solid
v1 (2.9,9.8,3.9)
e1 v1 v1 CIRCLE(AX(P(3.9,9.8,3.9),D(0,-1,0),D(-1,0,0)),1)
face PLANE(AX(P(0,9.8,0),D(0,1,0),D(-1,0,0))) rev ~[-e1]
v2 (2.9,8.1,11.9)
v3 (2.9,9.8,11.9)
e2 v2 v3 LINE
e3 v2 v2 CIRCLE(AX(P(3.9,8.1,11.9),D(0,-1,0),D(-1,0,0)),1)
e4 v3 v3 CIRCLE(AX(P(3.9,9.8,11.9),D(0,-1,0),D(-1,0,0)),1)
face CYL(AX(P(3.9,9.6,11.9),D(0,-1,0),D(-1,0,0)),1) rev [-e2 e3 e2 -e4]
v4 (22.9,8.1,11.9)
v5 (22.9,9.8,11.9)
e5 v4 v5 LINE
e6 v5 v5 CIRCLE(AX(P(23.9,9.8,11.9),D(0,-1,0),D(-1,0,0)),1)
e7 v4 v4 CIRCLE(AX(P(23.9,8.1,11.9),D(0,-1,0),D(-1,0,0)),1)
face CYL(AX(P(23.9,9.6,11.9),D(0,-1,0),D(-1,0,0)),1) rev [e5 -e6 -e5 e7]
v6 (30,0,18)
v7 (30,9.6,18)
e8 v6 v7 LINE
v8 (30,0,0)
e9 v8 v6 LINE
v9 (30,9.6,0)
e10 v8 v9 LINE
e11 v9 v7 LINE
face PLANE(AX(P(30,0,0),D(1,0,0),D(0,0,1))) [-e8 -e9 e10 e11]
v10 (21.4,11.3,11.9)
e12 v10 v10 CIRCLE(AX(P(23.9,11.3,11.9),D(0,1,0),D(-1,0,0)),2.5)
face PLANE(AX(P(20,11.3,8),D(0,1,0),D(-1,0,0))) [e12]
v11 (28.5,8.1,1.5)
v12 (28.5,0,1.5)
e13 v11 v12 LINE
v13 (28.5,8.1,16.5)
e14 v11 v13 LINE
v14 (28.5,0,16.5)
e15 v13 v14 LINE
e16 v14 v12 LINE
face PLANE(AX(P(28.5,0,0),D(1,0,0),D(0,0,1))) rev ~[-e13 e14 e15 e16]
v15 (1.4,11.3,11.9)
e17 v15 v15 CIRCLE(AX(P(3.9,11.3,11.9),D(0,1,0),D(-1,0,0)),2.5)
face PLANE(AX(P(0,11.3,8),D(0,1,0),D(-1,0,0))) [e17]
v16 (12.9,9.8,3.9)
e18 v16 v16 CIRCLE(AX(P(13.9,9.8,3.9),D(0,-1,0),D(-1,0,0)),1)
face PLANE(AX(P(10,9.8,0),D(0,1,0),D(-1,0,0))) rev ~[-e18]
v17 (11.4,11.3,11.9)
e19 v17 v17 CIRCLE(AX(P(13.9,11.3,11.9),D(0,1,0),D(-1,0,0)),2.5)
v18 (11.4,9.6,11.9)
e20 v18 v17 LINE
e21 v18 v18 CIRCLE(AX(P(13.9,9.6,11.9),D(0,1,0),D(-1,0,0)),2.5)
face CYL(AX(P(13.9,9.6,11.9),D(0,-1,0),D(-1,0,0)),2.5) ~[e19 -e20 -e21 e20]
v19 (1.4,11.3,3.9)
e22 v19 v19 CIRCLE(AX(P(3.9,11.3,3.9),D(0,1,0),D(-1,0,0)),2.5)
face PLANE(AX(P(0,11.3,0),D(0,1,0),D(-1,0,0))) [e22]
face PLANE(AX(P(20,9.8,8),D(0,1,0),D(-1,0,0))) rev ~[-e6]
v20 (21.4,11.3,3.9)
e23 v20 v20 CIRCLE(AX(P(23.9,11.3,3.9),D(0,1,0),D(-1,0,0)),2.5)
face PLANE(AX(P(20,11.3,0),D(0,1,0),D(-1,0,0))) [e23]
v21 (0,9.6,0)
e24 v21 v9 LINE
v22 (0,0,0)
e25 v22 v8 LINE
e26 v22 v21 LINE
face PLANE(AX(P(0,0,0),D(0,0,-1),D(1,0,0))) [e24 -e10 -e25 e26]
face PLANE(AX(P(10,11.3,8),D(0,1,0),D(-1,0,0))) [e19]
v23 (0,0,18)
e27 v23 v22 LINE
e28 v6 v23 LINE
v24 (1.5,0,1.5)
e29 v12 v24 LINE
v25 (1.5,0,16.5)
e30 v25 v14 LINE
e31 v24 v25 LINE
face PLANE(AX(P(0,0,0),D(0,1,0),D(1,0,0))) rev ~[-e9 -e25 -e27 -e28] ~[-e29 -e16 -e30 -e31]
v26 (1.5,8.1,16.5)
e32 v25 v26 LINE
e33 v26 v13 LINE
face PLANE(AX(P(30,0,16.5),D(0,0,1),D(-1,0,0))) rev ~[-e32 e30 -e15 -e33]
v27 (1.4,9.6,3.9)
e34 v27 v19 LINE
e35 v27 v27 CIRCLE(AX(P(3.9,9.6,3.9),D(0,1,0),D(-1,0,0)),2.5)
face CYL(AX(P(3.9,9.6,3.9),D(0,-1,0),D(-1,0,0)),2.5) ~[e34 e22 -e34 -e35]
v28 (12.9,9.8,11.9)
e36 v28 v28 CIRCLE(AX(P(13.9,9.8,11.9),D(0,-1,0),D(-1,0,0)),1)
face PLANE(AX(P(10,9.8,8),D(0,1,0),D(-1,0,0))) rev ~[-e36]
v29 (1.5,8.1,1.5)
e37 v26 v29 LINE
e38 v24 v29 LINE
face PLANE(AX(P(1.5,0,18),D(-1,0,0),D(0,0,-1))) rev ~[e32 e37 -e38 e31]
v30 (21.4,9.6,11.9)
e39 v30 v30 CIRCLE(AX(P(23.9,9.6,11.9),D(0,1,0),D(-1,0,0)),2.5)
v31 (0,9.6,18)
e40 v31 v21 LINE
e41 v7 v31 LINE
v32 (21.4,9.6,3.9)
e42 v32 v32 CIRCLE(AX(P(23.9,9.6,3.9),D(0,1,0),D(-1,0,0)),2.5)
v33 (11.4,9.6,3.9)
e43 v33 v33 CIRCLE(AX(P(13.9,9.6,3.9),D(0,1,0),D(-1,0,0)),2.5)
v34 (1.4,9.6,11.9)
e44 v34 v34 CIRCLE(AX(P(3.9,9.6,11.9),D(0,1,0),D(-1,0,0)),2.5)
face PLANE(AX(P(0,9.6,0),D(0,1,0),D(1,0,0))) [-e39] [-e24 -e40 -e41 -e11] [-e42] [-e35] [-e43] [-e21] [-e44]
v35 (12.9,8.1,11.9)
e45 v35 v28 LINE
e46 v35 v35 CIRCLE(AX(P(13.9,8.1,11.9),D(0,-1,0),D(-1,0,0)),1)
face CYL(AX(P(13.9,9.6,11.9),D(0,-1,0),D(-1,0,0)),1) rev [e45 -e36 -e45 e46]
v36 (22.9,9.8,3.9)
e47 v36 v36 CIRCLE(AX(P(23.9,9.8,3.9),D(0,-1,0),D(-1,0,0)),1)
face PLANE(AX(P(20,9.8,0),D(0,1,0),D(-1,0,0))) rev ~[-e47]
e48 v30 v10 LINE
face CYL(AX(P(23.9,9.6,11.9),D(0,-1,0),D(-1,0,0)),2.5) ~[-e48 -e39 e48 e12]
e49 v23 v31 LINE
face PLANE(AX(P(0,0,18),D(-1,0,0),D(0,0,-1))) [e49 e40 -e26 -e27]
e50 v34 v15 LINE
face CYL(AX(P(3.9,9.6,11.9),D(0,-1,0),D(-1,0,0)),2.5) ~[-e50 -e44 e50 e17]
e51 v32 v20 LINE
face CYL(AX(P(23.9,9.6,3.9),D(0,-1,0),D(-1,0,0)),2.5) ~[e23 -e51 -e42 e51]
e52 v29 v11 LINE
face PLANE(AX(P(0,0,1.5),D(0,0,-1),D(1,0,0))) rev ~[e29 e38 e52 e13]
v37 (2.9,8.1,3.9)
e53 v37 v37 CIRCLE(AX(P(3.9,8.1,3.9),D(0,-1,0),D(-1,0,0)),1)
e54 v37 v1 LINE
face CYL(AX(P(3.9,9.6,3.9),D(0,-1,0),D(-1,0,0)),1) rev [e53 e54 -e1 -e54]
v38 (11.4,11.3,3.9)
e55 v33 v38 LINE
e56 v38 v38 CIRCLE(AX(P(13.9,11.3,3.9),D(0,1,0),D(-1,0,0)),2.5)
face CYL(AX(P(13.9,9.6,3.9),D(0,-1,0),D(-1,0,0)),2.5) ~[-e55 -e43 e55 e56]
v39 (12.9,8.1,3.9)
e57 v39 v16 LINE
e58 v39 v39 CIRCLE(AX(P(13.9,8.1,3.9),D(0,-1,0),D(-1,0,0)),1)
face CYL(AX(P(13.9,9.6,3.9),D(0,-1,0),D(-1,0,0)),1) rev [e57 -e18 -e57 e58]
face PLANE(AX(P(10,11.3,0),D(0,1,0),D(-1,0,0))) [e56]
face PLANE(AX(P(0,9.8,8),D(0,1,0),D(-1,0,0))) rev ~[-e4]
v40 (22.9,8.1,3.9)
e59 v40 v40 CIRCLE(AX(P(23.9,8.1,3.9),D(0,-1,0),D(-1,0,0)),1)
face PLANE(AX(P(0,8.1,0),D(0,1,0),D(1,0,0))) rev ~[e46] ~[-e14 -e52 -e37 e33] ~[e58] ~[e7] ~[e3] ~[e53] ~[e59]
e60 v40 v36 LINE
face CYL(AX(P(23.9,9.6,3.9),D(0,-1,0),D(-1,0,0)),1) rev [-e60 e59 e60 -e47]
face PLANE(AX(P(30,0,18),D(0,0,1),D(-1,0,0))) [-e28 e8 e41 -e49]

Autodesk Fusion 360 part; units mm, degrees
sketch "Sketch1" plane through (0, 0, 0) normal (0, 1, 0) x (1, 0, 0)
  line L0 (0, 0) -> (30, 0)
  line L1 (30, 0) -> (30, -18)
  line L2 (30, -18) -> (0, -18)
  line L3 (0, -18) -> (0, 0)
  dimension "d1" = 30
  dimension "d2" = 18
extrude "Extrude1" add sketch "Sketch1" along normal blind 9.6
sketch "Sketch2" plane through (0, 9.6, 0) normal (0, 1, 0) x (-1, 0, 0)
  line L0 (0, 18) -> (-30, 18)
  line L1 (-30, 18) -> (-30, 0)
  line L2 (-30, 0) -> (0, 0)
  line L3 (0, 0) -> (0, 18)
  circle A0 centre (-3.9, 3.9) radius 2.5
  dimension "d5" = 5
  dimension "d6" = 3.9
  dimension "d7" = 3.9
extrude "Extrude2" add sketch "Sketch2" along normal blind 1.7 contours A0
pattern_linear "R-Pattern1" count 3 spacing 10 along (1, 0, 0) count 2 spacing 8 along (0, 0, 1) of "Extrude2"
shell "Shell1" thickness 1.5 removed faces 1 at (10, 0, 6)
